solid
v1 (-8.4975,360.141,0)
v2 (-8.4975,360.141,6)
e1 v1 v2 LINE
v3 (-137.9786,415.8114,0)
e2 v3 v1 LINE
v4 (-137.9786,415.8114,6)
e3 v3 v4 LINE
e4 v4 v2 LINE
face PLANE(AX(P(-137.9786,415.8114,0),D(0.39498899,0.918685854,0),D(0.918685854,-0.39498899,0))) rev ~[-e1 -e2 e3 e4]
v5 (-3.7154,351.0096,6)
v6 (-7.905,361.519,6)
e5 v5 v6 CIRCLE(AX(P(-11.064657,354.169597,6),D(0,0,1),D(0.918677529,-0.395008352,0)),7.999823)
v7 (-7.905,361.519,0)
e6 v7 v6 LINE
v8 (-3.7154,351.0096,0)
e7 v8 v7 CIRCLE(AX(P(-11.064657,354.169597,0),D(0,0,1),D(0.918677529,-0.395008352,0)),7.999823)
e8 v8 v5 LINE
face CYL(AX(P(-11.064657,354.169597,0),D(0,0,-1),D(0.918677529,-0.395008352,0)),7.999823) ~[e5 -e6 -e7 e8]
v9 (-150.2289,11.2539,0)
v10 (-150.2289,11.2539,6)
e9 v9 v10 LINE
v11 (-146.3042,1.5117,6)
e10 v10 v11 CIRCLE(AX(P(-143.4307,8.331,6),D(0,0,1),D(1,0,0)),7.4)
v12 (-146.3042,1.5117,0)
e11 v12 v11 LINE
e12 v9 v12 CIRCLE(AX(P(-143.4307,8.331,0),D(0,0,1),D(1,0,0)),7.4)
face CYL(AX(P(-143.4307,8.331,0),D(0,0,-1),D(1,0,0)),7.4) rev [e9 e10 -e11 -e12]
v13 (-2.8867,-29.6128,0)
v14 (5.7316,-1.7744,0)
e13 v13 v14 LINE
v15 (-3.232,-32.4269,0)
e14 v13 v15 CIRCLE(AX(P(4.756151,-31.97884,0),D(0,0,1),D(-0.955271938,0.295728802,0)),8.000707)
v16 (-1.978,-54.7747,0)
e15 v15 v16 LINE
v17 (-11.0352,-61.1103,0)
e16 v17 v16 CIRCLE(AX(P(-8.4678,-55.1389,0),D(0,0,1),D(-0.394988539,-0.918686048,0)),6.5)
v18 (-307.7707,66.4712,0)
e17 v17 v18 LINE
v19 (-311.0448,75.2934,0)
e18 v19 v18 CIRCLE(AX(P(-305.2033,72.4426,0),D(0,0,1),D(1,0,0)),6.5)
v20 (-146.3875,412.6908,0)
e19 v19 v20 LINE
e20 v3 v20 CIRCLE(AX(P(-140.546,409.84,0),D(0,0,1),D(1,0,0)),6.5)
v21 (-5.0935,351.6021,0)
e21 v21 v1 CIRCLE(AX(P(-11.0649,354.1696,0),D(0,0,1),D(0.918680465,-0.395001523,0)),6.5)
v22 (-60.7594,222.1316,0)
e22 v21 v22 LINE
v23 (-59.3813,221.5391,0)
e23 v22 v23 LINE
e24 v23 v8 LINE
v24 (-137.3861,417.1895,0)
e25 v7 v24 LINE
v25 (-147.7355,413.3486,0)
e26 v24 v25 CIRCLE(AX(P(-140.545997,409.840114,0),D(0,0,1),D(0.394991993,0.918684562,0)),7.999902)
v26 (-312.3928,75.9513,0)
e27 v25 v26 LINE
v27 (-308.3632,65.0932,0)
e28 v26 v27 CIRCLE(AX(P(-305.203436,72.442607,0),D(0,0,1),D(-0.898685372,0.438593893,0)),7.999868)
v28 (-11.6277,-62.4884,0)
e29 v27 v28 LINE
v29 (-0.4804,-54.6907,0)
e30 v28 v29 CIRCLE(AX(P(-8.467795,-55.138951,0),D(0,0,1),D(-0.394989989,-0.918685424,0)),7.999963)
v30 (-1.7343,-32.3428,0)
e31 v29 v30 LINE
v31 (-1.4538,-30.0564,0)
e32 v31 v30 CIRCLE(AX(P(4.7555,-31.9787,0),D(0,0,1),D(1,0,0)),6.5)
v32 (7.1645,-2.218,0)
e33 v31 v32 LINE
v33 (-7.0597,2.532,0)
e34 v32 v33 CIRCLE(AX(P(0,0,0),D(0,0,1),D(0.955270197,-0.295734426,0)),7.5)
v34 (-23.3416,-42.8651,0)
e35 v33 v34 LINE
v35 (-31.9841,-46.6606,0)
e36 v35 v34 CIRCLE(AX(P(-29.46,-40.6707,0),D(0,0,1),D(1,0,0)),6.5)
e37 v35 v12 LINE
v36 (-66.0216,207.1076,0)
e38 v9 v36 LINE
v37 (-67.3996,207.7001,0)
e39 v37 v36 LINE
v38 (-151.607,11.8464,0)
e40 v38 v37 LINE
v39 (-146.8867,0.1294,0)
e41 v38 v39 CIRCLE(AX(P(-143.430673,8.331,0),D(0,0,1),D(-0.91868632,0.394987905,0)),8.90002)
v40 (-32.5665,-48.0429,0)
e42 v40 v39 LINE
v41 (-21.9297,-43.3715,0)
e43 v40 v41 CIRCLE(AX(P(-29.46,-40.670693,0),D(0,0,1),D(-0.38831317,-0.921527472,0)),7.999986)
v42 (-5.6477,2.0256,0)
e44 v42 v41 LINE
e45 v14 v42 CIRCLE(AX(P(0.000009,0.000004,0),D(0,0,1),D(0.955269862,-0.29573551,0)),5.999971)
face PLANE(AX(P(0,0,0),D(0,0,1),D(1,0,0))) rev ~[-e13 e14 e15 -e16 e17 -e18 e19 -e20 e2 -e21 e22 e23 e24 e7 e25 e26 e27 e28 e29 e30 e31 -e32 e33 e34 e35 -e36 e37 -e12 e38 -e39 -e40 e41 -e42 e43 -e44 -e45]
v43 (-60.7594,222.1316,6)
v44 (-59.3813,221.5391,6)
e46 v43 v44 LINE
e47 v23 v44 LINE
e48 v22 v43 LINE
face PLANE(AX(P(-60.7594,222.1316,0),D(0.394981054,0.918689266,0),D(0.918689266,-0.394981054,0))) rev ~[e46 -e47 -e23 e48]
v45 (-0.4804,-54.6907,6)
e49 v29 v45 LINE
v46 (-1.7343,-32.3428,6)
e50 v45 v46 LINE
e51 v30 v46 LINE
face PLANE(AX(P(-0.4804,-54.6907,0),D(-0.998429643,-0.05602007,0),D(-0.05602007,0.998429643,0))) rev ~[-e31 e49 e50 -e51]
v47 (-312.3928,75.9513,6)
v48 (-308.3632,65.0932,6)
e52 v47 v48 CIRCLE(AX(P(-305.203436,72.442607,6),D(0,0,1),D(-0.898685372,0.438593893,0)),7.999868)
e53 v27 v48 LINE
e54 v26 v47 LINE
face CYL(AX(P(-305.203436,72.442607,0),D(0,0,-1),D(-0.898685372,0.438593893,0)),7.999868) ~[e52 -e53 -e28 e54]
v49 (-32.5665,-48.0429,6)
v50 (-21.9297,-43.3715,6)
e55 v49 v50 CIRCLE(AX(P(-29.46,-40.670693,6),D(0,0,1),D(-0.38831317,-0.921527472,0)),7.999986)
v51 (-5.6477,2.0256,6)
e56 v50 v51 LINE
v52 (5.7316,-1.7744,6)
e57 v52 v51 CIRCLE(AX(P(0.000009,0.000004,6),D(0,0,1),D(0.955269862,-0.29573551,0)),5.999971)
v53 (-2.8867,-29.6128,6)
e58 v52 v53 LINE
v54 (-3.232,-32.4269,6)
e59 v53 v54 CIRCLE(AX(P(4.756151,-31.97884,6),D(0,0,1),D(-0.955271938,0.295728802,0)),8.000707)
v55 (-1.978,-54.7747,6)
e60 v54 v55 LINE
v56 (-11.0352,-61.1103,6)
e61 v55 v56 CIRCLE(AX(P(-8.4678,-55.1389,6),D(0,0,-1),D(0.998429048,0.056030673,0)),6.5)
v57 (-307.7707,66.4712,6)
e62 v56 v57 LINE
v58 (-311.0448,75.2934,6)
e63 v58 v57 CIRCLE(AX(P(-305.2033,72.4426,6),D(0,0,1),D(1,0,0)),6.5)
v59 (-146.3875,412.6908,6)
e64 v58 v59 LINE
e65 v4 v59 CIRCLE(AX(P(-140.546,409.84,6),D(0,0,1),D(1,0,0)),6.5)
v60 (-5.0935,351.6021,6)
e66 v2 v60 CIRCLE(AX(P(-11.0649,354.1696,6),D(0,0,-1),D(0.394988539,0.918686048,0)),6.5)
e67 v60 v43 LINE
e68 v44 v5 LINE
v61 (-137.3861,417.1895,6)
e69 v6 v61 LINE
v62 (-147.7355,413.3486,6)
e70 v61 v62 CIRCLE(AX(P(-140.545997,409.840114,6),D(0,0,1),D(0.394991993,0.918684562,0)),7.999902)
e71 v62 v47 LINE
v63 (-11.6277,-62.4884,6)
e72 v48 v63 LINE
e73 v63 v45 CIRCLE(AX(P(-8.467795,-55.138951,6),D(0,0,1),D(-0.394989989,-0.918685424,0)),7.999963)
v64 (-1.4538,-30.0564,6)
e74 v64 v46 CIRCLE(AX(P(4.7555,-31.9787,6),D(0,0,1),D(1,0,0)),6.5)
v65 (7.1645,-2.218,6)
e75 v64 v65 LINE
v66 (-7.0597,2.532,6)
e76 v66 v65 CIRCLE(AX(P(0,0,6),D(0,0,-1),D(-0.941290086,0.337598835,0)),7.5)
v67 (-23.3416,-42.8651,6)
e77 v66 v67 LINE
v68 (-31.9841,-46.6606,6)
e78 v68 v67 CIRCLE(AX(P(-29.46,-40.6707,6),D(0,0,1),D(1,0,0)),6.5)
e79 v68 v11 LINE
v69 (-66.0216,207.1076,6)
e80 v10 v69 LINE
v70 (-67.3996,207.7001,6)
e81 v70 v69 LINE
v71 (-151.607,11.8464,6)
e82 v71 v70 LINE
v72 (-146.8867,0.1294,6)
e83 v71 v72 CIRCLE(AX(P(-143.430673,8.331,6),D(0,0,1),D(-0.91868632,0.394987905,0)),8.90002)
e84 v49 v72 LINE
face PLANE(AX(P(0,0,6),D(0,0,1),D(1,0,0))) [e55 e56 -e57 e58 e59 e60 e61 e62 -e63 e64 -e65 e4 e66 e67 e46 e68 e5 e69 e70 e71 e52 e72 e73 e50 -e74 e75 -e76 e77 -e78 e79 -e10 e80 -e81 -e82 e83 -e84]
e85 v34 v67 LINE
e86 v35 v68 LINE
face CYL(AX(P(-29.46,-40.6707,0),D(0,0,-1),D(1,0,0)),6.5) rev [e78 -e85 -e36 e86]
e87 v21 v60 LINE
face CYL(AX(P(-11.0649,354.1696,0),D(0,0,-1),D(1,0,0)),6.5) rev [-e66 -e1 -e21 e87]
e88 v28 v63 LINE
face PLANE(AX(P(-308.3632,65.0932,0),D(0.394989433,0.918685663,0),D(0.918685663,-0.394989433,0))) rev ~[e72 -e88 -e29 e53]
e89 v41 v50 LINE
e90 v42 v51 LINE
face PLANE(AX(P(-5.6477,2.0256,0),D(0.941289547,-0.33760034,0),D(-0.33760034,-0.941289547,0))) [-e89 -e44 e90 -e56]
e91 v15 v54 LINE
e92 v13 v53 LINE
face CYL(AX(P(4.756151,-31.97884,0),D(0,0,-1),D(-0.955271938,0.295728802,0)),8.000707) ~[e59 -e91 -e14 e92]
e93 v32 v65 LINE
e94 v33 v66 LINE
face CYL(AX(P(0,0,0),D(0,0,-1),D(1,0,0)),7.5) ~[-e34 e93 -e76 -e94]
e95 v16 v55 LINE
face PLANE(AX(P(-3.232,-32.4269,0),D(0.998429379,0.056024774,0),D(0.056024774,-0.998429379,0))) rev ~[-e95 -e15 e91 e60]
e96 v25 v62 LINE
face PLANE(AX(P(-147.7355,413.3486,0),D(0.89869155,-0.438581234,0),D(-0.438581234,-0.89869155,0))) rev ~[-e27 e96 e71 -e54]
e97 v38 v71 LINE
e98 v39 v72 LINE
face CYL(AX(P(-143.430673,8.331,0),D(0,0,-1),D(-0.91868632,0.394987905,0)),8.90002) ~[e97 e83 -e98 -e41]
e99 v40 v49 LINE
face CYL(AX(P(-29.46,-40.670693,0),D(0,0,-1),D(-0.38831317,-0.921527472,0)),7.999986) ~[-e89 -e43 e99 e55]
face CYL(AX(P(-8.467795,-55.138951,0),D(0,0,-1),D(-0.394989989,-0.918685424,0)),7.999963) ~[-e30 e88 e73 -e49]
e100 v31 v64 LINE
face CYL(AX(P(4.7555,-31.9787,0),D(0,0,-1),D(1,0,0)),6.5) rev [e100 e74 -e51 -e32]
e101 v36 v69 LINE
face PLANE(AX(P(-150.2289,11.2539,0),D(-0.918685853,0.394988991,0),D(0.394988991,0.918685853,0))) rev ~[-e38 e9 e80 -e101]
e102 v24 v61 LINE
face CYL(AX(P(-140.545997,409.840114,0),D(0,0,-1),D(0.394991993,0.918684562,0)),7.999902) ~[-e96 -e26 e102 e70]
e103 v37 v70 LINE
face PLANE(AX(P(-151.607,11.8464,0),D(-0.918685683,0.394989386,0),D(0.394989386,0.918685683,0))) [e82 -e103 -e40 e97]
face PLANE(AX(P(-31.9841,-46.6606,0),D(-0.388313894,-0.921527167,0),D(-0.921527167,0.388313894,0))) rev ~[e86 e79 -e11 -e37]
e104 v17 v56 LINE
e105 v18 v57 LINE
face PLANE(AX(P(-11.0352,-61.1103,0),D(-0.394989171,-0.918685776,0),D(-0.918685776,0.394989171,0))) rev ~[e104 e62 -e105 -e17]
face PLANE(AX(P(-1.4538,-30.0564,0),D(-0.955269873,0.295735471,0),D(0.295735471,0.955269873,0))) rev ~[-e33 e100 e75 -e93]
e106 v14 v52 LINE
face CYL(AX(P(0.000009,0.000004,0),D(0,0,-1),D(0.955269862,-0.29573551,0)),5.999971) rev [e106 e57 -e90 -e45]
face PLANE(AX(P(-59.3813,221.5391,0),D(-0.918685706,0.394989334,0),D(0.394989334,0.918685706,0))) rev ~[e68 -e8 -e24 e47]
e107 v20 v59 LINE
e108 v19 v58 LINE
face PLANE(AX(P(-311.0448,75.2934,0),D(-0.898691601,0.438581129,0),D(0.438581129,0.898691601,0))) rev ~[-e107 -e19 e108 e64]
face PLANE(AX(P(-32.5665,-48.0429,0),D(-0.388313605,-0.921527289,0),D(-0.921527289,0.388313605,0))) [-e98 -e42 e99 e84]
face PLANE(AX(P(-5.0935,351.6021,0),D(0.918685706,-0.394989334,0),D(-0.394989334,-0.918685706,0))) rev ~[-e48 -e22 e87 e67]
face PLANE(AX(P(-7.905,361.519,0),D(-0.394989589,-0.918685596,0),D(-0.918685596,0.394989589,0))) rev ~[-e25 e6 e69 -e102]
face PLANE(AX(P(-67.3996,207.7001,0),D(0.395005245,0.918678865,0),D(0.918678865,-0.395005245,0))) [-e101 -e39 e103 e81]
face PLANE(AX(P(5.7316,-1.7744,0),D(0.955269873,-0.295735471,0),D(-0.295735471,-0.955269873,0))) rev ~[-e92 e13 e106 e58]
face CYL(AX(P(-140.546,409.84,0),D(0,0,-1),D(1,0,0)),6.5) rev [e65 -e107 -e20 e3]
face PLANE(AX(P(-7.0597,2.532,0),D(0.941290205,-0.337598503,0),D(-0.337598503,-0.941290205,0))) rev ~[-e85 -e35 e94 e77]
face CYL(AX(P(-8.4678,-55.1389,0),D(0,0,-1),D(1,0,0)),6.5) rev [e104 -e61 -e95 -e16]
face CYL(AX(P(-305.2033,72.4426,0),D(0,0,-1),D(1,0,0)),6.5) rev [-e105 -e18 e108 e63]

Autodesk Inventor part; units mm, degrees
ref_plane "YZ Plane" through (0, 0, 0) normal (1, 0, 0) x (0, 1, 0)
ref_plane "XZ Plane" through (0, 0, 0) normal (0, 1, 0) x (-1, 0, 0)
ref_plane "XY Plane" through (0, 0, 0) normal (0, 0, 1) x (1, 0, 0)
sketch "Sketch1" plane through (0, 0, 0) normal (0, 0, 1) x (1, 0, 0)
  circle A0 centre (0, 0) radius 7.5 projected
  circle A1 centre (4.7555, -31.9787) radius 6.5 projected
  circle A2 centre (-29.46, -40.6707) radius 6.5 projected
  circle A3 centre (-8.4678, -55.1389) radius 6.5 projected
  circle A4 centre (-143.4307, 8.331) radius 7.4 projected
  circle A5 centre (-305.2033, 72.4426) radius 6.5 projected
  circle A6 centre (-140.546, 409.84) radius 6.5 projected
  circle A7 centre (-11.0649, 354.1696) radius 6.5 projected
  circle A8 centre (0, 0) radius 6 construction
  line L0 (5.7316, -1.7744) -> (-2.8867, -29.6128)
  arc A9 (-2.8867, -29.6128) -> (-3.232, -32.4269) centre (4.7555, -31.9787) ccw
  line L1 (-3.232, -32.4269) -> (-1.978, -54.7747)
  line L2 (-11.0352, -61.1103) -> (-307.7707, 66.4712)
  line L3 (-311.0448, 75.2934) -> (-146.3875, 412.6908)
  line L4 (-137.9786, 415.8114) -> (-8.4975, 360.141)
  line L5 (-5.0935, 351.6021) -> (-60.7594, 222.1316)
  line L6 (-5.6477, 2.0256) -> (-21.9297, -43.3715)
  arc A10 (-32.5665, -48.0429) -> (-21.9297, -43.3715) centre (-29.46, -40.6707) ccw
  line L7 (-32.5665, -48.0429) -> (-146.8867, 0.1294)
  arc A11 (-151.607, 11.8464) -> (-146.8867, 0.1294) centre (-143.4307, 8.331) ccw
  line L8 (-151.607, 11.8464) -> (-67.3996, 207.7001)
  arc A12 (-311.0448, 75.2934) -> (-307.7707, 66.4712) centre (-305.2033, 72.4426) ccw
  arc A13 (-137.9786, 415.8114) -> (-146.3875, 412.6908) centre (-140.546, 409.84) ccw
  arc A14 (-5.0935, 351.6021) -> (-8.4975, 360.141) centre (-11.0649, 354.1696) ccw
  arc A15 (5.7316, -1.7744) -> (-5.6477, 2.0256) centre (0, 0) ccw
  arc A16 (-11.0352, -61.1103) -> (-1.978, -54.7747) centre (-8.4678, -55.1389) ccw
  line L9 (-59.3813, 221.5391) -> (-3.7154, 351.0096)
  arc A17 (-3.7154, 351.0096) -> (-7.905, 361.519) centre (-11.0649, 354.1696) ccw
  line L10 (-7.905, 361.519) -> (-137.3861, 417.1895)
  arc A18 (-137.3861, 417.1895) -> (-147.7355, 413.3486) centre (-140.546, 409.84) ccw
  line L11 (-147.7355, 413.3486) -> (-312.3928, 75.9513)
  arc A19 (-312.3928, 75.9513) -> (-308.3632, 65.0932) centre (-305.2033, 72.4426) ccw
  line L12 (-308.3632, 65.0932) -> (-11.6277, -62.4884)
  arc A20 (-11.6277, -62.4884) -> (-0.4804, -54.6907) centre (-8.4678, -55.1389) ccw
  line L13 (-0.4804, -54.6907) -> (-1.7343, -32.3428)
  arc A21 (-1.4538, -30.0564) -> (-1.7343, -32.3428) centre (4.7555, -31.9787) ccw
  line L14 (-1.4538, -30.0564) -> (7.1645, -2.218)
  arc A22 (7.1645, -2.218) -> (-7.0597, 2.532) centre (0, 0) ccw
  line L15 (-7.0597, 2.532) -> (-23.3416, -42.8651)
  arc A23 (-31.9841, -46.6606) -> (-23.3416, -42.8651) centre (-29.46, -40.6707) ccw
  line L16 (-31.9841, -46.6606) -> (-146.3042, 1.5117)
  arc A24 (-150.2289, 11.2539) -> (-146.3042, 1.5117) centre (-143.4307, 8.331) ccw
  line L17 (-150.2289, 11.2539) -> (-66.0216, 207.1076)
  line L18 (-67.3996, 207.7001) -> (-66.0216, 207.1076)
  line L19 (-60.7594, 222.1316) -> (-59.3813, 221.5391)
  point P0 (0, 0)
  dimension "d0" = 12
  dimension "d1" = 1.5
  dimension "d2" = 1.5
  dimension "d3" = 1.5
  dimension "d4" = 1.5
extrude "Extrusion1" add sketch "Sketch1" along normal blind 6 contours A0 L0 A15 L6 | A0 L6 A10 L7 A11 L8 L18 L17 A4 L16 A2 L15 | L14 A1 L13 A20 L12 A19 L11 A18 L10 A17 L9 L19 L5 A7 L4 A6 L3 A5 L2 A3 L1 A9 L0 A0 picked at (-6.7626, -0.2729)
properties part number "BeltRight" material "Rubber"
